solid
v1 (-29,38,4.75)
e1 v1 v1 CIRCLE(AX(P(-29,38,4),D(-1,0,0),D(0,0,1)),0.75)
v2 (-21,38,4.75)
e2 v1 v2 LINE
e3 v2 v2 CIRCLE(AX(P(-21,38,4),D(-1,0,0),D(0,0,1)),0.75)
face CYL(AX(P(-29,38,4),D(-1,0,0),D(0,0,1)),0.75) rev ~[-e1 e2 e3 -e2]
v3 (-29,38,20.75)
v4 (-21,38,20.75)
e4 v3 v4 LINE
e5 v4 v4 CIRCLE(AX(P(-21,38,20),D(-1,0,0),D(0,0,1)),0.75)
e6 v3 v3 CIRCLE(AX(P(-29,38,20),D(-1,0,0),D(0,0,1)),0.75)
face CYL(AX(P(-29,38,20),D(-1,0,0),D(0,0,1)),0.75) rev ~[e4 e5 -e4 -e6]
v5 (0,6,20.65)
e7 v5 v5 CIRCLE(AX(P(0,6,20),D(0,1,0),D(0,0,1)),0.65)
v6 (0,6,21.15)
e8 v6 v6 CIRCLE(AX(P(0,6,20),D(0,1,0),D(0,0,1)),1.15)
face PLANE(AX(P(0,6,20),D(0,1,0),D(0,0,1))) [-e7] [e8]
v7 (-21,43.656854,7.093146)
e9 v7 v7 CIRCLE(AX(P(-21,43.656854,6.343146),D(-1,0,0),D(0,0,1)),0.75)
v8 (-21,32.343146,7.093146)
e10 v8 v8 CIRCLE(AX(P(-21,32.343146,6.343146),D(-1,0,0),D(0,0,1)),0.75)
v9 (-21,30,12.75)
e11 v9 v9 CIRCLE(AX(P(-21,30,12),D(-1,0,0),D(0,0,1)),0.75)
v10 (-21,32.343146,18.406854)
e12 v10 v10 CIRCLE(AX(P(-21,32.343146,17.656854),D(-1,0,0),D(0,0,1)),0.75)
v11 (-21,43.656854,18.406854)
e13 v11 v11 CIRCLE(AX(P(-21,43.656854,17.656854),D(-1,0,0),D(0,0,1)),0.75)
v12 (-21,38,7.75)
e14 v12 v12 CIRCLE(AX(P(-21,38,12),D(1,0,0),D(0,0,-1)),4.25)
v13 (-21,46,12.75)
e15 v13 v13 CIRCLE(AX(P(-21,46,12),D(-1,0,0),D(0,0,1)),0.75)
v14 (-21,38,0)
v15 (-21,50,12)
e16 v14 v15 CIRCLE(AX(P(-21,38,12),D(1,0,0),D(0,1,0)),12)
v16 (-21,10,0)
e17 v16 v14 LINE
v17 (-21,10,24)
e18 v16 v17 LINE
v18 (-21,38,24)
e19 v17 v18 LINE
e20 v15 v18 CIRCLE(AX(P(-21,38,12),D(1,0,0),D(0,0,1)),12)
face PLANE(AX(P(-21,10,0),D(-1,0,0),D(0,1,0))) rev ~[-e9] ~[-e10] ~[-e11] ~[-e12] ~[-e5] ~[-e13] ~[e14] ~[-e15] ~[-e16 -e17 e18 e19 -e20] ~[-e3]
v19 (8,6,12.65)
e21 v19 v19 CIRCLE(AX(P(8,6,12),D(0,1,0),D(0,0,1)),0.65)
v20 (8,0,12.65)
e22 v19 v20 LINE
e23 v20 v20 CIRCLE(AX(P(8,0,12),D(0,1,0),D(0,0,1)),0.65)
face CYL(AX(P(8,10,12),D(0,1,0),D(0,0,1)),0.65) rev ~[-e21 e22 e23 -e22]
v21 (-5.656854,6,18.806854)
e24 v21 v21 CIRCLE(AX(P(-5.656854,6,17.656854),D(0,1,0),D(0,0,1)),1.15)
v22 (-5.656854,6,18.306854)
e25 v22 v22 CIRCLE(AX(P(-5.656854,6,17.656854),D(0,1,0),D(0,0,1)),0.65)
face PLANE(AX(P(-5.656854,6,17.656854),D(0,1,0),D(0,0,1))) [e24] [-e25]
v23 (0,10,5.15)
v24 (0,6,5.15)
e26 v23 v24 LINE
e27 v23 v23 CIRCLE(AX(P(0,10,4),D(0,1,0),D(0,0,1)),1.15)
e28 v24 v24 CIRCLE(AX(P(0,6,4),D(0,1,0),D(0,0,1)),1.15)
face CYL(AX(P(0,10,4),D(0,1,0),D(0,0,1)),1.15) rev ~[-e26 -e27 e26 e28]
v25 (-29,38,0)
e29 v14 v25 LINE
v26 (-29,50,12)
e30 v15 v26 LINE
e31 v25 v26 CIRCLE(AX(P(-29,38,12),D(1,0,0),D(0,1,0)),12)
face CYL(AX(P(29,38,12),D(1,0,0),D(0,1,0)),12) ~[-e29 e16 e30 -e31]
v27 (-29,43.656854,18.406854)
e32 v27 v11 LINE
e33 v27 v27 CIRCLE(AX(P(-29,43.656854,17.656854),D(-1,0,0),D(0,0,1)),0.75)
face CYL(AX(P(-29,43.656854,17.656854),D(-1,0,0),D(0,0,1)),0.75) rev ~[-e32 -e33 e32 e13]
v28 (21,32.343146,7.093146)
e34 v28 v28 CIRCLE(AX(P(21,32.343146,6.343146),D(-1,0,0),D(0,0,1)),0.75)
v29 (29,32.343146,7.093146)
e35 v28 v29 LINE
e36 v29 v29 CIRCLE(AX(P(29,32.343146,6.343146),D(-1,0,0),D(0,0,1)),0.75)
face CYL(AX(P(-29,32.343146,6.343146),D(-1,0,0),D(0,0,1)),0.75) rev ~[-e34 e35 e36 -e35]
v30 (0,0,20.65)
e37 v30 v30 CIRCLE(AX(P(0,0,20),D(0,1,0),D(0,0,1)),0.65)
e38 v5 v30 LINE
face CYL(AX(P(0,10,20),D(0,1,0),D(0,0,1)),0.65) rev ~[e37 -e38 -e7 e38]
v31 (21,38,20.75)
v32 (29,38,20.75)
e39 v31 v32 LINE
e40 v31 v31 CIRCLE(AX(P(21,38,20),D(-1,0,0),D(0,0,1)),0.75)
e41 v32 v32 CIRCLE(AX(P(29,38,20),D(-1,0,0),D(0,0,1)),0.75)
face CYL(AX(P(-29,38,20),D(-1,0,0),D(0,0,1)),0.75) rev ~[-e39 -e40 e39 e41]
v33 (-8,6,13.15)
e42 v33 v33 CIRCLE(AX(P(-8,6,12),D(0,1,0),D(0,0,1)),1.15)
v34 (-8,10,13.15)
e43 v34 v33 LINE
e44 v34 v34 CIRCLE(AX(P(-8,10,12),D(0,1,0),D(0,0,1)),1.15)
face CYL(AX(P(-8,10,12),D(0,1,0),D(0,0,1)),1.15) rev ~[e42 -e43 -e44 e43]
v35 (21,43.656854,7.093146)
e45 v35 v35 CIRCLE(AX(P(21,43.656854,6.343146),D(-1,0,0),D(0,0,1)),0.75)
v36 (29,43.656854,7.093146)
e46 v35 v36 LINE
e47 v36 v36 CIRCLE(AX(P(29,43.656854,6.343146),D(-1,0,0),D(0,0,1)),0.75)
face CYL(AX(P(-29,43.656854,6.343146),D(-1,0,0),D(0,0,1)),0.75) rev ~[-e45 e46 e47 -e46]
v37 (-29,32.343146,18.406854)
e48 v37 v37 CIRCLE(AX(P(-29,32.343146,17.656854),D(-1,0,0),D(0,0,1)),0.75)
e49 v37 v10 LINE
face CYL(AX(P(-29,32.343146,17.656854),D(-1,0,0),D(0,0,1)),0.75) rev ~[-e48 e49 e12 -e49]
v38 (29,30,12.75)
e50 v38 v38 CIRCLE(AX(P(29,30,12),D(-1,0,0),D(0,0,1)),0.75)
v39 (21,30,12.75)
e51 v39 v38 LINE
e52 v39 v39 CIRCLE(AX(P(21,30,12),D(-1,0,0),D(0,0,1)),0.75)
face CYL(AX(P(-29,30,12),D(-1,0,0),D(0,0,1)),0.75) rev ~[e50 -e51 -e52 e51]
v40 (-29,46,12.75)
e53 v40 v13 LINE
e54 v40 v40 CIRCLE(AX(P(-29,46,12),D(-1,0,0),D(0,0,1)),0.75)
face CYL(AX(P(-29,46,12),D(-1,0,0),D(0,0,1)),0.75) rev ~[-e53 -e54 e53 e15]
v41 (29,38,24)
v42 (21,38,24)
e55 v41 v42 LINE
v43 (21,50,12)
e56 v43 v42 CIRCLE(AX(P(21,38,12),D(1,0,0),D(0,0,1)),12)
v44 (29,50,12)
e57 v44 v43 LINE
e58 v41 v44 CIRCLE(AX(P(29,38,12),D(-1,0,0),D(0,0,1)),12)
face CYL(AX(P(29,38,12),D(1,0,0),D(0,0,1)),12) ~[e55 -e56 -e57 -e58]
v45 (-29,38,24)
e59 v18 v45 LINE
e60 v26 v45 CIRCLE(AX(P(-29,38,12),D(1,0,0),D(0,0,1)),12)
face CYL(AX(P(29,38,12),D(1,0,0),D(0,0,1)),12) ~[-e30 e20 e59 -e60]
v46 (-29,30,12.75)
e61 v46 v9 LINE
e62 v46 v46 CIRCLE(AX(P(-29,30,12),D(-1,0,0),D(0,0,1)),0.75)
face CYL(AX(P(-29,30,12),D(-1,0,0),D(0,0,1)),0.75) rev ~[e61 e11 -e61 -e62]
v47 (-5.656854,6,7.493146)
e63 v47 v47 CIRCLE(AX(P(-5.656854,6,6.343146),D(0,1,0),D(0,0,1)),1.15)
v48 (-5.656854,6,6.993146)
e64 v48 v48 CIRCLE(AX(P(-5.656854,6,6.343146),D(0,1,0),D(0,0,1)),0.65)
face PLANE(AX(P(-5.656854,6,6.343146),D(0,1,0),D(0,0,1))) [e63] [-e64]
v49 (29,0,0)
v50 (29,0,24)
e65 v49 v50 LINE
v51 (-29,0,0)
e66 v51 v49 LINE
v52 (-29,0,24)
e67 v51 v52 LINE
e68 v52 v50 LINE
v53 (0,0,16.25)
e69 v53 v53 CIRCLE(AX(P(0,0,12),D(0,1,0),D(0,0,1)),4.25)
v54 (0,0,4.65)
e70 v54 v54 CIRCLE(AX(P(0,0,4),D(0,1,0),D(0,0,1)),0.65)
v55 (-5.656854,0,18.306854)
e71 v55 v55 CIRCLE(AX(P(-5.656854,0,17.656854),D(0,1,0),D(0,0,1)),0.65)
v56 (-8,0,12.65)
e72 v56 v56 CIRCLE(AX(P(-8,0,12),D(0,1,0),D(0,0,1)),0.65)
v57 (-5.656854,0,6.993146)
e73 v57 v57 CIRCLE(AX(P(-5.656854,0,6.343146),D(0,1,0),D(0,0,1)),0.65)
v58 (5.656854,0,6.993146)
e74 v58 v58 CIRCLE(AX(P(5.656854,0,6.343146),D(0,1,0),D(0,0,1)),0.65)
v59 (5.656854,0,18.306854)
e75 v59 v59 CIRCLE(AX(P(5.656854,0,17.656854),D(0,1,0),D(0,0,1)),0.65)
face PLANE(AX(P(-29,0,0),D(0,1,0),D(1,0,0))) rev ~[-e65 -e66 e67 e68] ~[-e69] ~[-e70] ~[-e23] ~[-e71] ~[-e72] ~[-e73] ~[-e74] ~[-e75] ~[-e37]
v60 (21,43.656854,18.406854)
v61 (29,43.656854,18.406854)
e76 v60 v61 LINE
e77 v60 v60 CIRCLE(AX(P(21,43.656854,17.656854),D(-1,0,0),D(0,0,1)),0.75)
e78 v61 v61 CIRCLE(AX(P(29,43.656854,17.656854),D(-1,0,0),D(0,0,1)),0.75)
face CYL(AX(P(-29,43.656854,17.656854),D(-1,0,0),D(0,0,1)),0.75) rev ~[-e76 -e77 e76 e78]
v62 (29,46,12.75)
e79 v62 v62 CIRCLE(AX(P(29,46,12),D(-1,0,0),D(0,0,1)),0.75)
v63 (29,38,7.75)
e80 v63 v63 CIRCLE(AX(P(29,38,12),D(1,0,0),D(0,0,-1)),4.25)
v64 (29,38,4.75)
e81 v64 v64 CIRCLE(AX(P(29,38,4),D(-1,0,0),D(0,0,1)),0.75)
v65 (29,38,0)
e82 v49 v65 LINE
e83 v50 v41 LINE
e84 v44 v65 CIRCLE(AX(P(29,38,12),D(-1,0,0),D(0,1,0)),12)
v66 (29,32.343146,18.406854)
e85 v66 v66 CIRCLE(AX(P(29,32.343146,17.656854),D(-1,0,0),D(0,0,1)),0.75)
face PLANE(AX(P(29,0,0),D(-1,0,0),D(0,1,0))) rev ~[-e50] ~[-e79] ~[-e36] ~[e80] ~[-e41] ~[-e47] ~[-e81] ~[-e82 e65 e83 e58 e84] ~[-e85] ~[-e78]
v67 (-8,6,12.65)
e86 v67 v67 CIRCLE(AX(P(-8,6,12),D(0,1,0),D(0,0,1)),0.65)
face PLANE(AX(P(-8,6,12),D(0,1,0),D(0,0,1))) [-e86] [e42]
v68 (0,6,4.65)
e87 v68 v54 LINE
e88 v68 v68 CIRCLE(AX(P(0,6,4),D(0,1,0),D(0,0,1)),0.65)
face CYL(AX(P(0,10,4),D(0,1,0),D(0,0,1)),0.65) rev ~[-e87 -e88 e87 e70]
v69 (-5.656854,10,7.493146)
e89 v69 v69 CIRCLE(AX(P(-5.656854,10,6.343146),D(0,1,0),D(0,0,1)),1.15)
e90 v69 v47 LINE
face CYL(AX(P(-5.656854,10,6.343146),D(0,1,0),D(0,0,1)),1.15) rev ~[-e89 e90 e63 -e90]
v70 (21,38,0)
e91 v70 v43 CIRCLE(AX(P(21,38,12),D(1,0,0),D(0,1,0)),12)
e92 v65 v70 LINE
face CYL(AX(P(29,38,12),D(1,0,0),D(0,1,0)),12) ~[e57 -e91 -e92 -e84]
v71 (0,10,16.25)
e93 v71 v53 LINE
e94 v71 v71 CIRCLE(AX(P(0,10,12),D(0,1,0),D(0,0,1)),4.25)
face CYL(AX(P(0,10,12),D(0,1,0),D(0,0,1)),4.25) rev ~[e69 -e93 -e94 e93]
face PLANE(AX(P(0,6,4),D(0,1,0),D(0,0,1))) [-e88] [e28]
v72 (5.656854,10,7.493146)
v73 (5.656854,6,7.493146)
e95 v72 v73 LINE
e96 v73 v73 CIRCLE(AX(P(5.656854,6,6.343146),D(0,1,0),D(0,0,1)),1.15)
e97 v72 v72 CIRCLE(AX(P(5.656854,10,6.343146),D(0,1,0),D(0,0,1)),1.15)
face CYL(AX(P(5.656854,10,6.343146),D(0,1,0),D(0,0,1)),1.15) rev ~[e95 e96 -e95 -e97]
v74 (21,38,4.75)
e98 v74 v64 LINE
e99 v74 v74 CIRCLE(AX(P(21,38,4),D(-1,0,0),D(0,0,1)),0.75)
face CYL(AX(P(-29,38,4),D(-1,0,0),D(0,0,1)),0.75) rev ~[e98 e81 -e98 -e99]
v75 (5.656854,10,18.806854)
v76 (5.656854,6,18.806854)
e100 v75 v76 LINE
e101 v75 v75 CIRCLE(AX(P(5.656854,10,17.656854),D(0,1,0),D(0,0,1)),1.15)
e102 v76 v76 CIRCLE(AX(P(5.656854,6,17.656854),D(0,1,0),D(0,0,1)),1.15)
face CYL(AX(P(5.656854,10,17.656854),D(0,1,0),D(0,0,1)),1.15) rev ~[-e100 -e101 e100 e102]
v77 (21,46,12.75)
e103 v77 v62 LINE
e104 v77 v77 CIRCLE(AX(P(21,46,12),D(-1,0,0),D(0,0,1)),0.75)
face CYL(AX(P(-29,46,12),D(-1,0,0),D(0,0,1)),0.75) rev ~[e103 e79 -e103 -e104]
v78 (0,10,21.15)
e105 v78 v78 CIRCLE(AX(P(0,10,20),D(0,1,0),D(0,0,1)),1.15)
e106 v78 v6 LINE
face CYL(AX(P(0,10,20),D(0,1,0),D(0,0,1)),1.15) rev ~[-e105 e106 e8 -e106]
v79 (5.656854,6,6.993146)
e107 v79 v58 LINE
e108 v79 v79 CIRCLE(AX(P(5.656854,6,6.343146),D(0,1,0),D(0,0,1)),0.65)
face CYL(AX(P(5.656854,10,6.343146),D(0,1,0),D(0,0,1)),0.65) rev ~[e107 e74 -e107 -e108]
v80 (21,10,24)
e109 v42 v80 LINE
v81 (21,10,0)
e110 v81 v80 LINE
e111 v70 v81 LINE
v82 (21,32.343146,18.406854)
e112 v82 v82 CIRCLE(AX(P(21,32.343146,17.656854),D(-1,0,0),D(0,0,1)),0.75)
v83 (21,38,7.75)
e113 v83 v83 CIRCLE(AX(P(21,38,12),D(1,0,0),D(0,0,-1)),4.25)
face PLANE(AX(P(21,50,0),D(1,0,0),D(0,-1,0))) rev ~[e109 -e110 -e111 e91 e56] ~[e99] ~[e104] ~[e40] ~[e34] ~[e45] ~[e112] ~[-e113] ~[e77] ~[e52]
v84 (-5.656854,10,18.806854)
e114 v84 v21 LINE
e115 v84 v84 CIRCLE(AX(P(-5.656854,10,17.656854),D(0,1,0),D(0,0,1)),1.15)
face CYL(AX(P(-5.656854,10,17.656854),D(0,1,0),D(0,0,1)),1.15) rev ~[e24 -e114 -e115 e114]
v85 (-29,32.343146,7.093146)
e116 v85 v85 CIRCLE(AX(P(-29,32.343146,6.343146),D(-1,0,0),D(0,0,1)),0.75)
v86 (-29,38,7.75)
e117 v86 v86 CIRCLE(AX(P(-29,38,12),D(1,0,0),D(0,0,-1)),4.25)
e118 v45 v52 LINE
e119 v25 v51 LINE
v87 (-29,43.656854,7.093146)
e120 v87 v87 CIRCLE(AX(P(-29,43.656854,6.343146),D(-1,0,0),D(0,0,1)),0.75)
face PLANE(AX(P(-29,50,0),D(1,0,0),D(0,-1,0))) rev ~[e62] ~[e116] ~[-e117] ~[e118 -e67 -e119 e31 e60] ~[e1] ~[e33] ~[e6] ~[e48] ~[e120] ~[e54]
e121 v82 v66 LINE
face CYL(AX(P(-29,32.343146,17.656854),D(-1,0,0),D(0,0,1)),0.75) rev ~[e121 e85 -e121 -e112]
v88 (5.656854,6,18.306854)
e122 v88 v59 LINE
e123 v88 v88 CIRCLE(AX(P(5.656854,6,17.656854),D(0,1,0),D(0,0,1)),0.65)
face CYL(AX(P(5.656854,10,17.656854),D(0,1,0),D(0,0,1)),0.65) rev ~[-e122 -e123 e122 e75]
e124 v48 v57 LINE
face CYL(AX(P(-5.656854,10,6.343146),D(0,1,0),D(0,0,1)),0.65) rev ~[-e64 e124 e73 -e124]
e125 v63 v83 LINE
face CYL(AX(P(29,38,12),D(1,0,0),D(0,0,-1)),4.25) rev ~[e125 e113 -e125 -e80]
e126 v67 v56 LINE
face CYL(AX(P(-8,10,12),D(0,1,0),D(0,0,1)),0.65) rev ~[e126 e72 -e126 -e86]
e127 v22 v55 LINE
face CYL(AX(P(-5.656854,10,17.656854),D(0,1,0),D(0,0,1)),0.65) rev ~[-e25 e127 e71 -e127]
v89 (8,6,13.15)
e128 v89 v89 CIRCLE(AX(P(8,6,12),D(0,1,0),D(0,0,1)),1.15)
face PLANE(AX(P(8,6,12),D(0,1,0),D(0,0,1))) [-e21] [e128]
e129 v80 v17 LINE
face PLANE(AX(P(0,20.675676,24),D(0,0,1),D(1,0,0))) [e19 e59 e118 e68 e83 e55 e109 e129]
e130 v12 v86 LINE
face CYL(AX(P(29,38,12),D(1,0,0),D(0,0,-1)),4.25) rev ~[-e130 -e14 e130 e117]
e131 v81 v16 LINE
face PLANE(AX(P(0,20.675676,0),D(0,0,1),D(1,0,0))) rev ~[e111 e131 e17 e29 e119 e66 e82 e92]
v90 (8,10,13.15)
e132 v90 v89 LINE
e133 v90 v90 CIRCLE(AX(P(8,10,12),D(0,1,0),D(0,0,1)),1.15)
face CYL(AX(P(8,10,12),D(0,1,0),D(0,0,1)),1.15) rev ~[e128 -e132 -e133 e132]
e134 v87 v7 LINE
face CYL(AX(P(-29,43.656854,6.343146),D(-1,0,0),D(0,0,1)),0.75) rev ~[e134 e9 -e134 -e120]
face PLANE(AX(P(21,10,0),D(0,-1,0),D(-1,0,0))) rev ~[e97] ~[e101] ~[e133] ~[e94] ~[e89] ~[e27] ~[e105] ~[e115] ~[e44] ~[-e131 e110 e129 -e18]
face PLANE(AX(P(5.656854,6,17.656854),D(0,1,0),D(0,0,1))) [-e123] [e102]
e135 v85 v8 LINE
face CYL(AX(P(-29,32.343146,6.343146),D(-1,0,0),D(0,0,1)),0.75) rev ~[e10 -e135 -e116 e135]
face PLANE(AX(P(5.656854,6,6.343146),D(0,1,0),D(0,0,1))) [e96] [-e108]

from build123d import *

# Parameters (mm, degrees)
DODANIE_WYCI_GNI_CIE1_DEPTH = 24
SZKIC2_R                    = 4.25
WYTNIJ_WYCI_GNI_CIE1_DEPTH  = 81.249610591
SZKIC3_R                    = 4.25
SZKIC3_R_2                  = 0.65
WYTNIJ_WYCI_GNI_CIE2_DEPTH  = 55.927224579
SZKIC4_R                    = 0.75
WYTNIJ_WYCI_GNI_CIE3_DEPTH  = 81.249610591
SZKIC3_3_R                  = 1.15
SZKIC3_3_R_2                = 0.65
WYTNIJ_WYCI_GNI_CIE4_DEPTH  = 4


with BuildPart() as part:
    # Szkic1 → Dodanie-wyci_gni_cie1 (new body)
    with BuildSketch(Plane.XY):
        Polygon((21, 10), (-21, 10), (-21, 50), (-29, 50), (-29, 0), (29, 0), (29, 50), (21, 50), align=None)
    extrude(amount=DODANIE_WYCI_GNI_CIE1_DEPTH)

    # Szkic2 → Wytnij-wyci_gni_cie1 (cut, through all)
    with BuildSketch(Plane(origin=(29, 0, 0), x_dir=(0, 0, -1), z_dir=(1, 0, 0))):
        with BuildLine():
            ThreePointArc((-12, 50), (-3.514718626, 46.485281374), (0, 38))
            Line((0, 38), (0, 50))
            Line((0, 50), (-12, 50))
        make_face()
        with BuildLine():
            ThreePointArc((-24, 38), (-20.485281374, 46.485281374), (-12, 50))
            Line((-12, 50), (-24, 50))
            Line((-24, 50), (-24, 38))
        make_face()
        with Locations((-12, 38)):
            Circle(SZKIC2_R)
    extrude(amount=-WYTNIJ_WYCI_GNI_CIE1_DEPTH, mode=Mode.SUBTRACT)

    # Szkic3 → Wytnij-wyci_gni_cie2 (cut, through all)
    with BuildSketch(Plane(origin=(0, 10, 0), x_dir=(1, 0, 0), z_dir=(0, 1, 0))):
        with Locations((0, -12)):
            Circle(SZKIC3_R)
        with Locations((5.656854249, -17.656854249)):
            Circle(SZKIC3_R_2)
        with Locations((8, -12)):
            Circle(SZKIC3_R_2)
        with Locations((0, -20)):
            Circle(SZKIC3_R_2)
        with Locations((-5.656854249, -17.656854249)):
            Circle(SZKIC3_R_2)
        with Locations((-8, -12)):
            Circle(SZKIC3_R_2)
        with Locations((-5.656854249, -6.343145751)):
            Circle(SZKIC3_R_2)
        with Locations((0, -4)):
            Circle(SZKIC3_R_2)
        with Locations((5.656854249, -6.343145751)):
            Circle(SZKIC3_R_2)
    extrude(amount=-WYTNIJ_WYCI_GNI_CIE2_DEPTH, mode=Mode.SUBTRACT)

    # Szkic4 → Wytnij-wyci_gni_cie3 (cut, through all)
    with BuildSketch(Plane.ZY.offset(29)):
        with Locations((4, 38)):
            Circle(SZKIC4_R)
        with Locations((12, 46)):
            Circle(SZKIC4_R)
        with Locations((20, 38)):
            Circle(SZKIC4_R)
        with Locations((12, 30)):
            Circle(SZKIC4_R)
        with Locations((6.343145751, 32.343145751)):
            Circle(SZKIC4_R)
        with Locations((6.343145751, 43.656854249)):
            Circle(SZKIC4_R)
        with Locations((17.656854249, 43.656854249)):
            Circle(SZKIC4_R)
        with Locations((17.656854249, 32.343145751)):
            Circle(SZKIC4_R)
    extrude(amount=-WYTNIJ_WYCI_GNI_CIE3_DEPTH, mode=Mode.SUBTRACT)

    # Szkic3_3 → Wytnij-wyci_gni_cie4 (cut)
    # profile 1 of 8: a face of its own
    with BuildSketch(Plane(origin=(0, 10, 0), x_dir=(1, 0, 0), z_dir=(0, 1, 0))):
        with Locations((8, -12)):
            Circle(SZKIC3_3_R)
        with Locations((8, -12)):
            Circle(SZKIC3_3_R_2, mode=Mode.SUBTRACT)
    # profile 2 of 8: a face of its own
    with BuildSketch(Plane(origin=(0, 10, 0), x_dir=(1, 0, 0), z_dir=(0, 1, 0))):
        with Locations((5.656854249, -17.656854249)):
            Circle(SZKIC3_3_R)
        with Locations((5.656854249, -17.656854249)):
            Circle(SZKIC3_3_R_2, mode=Mode.SUBTRACT)
    # profile 3 of 8: a face of its own
    with BuildSketch(Plane(origin=(0, 10, 0), x_dir=(1, 0, 0), z_dir=(0, 1, 0))):
        with Locations((0, -20)):
            Circle(SZKIC3_3_R)
        with Locations((0, -20)):
            Circle(SZKIC3_3_R_2, mode=Mode.SUBTRACT)
    # profile 4 of 8: a face of its own
    with BuildSketch(Plane(origin=(0, 10, 0), x_dir=(1, 0, 0), z_dir=(0, 1, 0))):
        with Locations((-5.656854249, -17.656854249)):
            Circle(SZKIC3_3_R)
        with Locations((-5.656854249, -17.656854249)):
            Circle(SZKIC3_3_R_2, mode=Mode.SUBTRACT)
    # profile 5 of 8: a face of its own
    with BuildSketch(Plane(origin=(0, 10, 0), x_dir=(1, 0, 0), z_dir=(0, 1, 0))):
        with Locations((-8, -12)):
            Circle(SZKIC3_3_R)
        with Locations((-8, -12)):
            Circle(SZKIC3_3_R_2, mode=Mode.SUBTRACT)
    # profile 6 of 8: a face of its own
    with BuildSketch(Plane(origin=(0, 10, 0), x_dir=(1, 0, 0), z_dir=(0, 1, 0))):
        with Locations((-5.656854249, -6.343145751)):
            Circle(SZKIC3_3_R)
        with Locations((-5.656854249, -6.343145751)):
            Circle(SZKIC3_3_R_2, mode=Mode.SUBTRACT)
    # profile 7 of 8: a face of its own
    with BuildSketch(Plane(origin=(0, 10, 0), x_dir=(1, 0, 0), z_dir=(0, 1, 0))):
        with Locations((0, -4)):
            Circle(SZKIC3_3_R)
        with Locations((0, -4)):
            Circle(SZKIC3_3_R_2, mode=Mode.SUBTRACT)
    # profile 8 of 8: a face of its own
    with BuildSketch(Plane(origin=(0, 10, 0), x_dir=(1, 0, 0), z_dir=(0, 1, 0))):
        with Locations((5.656854249, -6.343145751)):
            Circle(SZKIC3_3_R)
        with Locations((5.656854249, -6.343145751)):
            Circle(SZKIC3_3_R_2, mode=Mode.SUBTRACT)
    extrude(amount=-WYTNIJ_WYCI_GNI_CIE4_DEPTH, mode=Mode.SUBTRACT)


solid = part.part
